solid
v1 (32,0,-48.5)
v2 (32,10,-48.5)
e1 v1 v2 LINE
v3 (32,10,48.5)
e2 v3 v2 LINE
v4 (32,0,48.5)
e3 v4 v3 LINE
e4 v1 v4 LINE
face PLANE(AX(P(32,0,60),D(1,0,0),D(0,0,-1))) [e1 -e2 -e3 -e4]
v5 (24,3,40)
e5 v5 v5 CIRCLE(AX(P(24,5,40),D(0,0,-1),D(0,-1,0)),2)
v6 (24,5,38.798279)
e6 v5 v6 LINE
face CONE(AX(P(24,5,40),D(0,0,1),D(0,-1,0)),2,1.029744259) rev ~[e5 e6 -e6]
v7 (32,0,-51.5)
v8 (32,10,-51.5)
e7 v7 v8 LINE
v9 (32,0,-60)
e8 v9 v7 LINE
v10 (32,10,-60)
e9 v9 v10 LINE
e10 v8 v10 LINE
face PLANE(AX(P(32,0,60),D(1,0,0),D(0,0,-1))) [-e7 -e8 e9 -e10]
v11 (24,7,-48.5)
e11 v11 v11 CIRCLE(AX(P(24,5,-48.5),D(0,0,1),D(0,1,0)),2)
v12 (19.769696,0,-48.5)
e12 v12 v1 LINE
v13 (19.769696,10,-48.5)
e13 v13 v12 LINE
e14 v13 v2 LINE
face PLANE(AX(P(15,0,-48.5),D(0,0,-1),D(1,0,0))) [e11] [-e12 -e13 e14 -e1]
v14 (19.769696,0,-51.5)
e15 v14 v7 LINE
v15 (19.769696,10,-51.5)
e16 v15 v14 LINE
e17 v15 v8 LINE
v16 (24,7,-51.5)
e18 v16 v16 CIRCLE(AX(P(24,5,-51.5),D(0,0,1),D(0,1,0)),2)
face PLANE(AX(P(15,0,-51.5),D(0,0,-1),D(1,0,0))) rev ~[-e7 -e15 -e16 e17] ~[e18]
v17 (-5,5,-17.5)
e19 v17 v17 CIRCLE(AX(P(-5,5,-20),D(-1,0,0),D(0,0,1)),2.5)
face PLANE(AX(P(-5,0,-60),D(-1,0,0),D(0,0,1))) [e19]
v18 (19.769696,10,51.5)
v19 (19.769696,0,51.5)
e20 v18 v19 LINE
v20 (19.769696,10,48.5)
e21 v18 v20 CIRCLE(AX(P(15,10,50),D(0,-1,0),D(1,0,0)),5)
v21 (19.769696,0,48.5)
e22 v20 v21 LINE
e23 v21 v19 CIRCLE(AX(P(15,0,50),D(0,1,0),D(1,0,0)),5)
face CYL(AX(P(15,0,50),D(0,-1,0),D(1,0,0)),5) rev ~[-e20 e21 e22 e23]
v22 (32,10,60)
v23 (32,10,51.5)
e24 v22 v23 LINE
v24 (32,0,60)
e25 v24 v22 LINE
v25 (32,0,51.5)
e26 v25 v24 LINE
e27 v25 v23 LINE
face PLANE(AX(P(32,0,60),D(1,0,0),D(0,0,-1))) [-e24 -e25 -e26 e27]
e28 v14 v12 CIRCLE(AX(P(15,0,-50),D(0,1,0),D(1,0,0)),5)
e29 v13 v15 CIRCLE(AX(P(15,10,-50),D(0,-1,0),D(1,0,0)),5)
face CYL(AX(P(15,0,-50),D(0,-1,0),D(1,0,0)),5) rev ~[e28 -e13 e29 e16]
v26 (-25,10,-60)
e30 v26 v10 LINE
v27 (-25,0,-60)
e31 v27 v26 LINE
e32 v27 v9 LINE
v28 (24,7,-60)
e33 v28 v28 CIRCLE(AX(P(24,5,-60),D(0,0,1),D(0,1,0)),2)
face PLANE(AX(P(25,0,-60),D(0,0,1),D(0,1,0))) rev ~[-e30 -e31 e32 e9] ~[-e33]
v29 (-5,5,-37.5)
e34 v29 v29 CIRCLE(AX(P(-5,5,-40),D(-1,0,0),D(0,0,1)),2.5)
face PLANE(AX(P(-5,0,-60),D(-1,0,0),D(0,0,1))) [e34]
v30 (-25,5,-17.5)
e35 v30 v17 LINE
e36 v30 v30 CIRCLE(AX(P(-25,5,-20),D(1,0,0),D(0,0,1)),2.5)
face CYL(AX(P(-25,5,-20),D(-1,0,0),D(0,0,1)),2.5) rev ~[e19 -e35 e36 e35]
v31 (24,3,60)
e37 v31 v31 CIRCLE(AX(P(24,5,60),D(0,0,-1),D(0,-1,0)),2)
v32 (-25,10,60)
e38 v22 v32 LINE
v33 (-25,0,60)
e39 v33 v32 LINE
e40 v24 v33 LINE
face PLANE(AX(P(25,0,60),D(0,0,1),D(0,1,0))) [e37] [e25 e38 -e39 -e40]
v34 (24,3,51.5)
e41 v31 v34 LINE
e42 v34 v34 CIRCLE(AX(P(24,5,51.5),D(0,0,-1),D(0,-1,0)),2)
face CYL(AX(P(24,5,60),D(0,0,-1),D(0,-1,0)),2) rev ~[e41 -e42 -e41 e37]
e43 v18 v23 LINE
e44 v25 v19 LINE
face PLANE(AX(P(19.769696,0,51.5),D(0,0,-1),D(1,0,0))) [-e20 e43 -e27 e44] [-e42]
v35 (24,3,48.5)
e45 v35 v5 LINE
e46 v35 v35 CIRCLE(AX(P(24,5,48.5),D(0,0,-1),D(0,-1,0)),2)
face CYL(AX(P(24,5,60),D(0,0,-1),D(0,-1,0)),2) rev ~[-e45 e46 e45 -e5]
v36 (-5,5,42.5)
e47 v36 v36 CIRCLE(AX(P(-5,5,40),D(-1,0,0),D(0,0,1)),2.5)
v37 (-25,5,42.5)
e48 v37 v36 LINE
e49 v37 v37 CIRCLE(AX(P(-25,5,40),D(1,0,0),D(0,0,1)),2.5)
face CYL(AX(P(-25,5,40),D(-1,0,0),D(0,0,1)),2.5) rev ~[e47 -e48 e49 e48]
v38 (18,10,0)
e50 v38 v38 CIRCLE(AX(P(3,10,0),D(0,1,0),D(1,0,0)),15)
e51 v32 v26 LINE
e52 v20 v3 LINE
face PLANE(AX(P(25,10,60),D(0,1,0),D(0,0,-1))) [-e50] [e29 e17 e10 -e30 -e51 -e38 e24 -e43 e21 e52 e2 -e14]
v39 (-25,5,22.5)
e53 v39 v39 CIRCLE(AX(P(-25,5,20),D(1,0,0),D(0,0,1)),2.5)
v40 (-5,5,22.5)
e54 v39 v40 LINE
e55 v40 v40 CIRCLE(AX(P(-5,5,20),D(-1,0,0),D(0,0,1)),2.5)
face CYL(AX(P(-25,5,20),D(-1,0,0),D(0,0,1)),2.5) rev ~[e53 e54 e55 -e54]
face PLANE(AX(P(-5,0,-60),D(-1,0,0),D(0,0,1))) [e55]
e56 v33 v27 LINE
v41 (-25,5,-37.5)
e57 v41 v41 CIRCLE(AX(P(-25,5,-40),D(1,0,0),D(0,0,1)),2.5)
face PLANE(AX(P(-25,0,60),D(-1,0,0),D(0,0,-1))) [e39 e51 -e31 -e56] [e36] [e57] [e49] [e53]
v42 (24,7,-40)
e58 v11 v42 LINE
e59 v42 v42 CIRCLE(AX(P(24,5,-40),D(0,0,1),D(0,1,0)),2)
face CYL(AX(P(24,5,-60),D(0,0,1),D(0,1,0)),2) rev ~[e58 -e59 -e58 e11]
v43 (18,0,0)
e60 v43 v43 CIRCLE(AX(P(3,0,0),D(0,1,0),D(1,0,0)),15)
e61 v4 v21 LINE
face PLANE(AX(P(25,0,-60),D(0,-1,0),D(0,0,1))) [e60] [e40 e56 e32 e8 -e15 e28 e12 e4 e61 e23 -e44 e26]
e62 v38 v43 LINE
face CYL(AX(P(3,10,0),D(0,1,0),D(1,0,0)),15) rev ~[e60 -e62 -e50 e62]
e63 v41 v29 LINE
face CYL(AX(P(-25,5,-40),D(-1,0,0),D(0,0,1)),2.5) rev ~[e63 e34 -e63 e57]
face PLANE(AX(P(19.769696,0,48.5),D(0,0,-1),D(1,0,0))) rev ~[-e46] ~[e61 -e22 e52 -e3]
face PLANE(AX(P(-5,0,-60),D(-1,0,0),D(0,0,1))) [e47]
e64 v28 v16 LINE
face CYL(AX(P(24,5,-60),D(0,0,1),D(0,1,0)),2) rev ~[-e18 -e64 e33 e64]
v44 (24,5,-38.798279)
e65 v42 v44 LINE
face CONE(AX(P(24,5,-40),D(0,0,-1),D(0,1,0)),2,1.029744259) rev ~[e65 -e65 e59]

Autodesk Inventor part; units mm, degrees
ref_plane "YZ Plane" through (0, 0, 0) normal (1, 0, 0) x (0, 1, 0)
ref_plane "XZ Plane" through (0, 0, 0) normal (0, 1, 0) x (-1, 0, 0)
ref_plane "XY Plane" through (0, 0, 0) normal (0, 0, 1) x (1, 0, 0)
sketch "Szkic10" plane through (0, 0, 0) normal (0, 1, 0) x (-1, 0, 0)
  line L0 (-25, 60) -> (25, 60)
  line L1 (25, 60) -> (25, -60)
  line L2 (25, -60) -> (-25, -60)
  line L3 (-25, -60) -> (-25, 60)
  line L4 (-25, 60) -> (25, -60) construction
  line L5 (25, 60) -> (-25, -60) construction
  point P0 (0, 0)
  dimension "d75" = 50
  dimension "d76" = 120
extrude "Wyciągnięcie proste6" add sketch "Szkic10" along normal blind 10
sketch "Szkic11" plane through (-25, 0, -60) normal (-1, 0, 0) x (0, 0, 1)
  line L0 (120, 0) -> (0, 0) projected
  line L1 (120, 0) -> (120, 10) projected
  line L2 (0, 10) -> (120, 10) projected
  line L3 (0, 0) -> (0, 10) projected
  line L4 (0, 0) -> (120, 0) projected
  line L5 (0, 0) -> (0, 5)
  line L6 (0, 5) -> (120, 5)
  line L7 (0, 5) -> (20, 5)
  line L8 (20, 5) -> (40, 5)
  line L9 (40, 5) -> (80, 5)
  line L10 (80, 5) -> (100, 5)
  circle A0 centre (20, 5) radius 2.5
  circle A1 centre (40, 5) radius 2.5
  circle A2 centre (80, 5) radius 2.5
  circle A3 centre (100, 5) radius 2.5
  point P0 (60, 0)
  dimension "d79" = 5
  dimension "d80" = 20
  dimension "d81" = 20
  dimension "d84" = 5
  dimension "d85" = 5
  dimension "d86" = 5
  dimension "d87" = 5
  dimension "d105" = 20
  dimension "d106" = 20
extrude "Wyciągnięcie proste7" cut sketch "Szkic11" against normal blind 20 contours A3 L6 | L6 A3 | A0 L6 | L6 A0 | A2 L6 | L6 A2 | A1 L6 | L6 A1
sketch "Szkic12" plane through (0, 10, 0) normal (0, 1, 0) x (1, 0, 0)
  line L0 (25, -60) -> (25, 60) projected
  line L1 (25, 0) -> (3, 0)
  circle A0 centre (3, 0) radius 15
  point P0 (0, 0)
  dimension "d102" = 22
  dimension "d103" = 30
extrude "Wyciągnięcie proste8" cut sketch "Szkic12" against normal up to next
sketch "Szkic13" plane through (0, 0, 0) normal (0, -1, 0) x (1, 0, 0)
  line L0 (25, 60) -> (-25, 60) projected
  line L1 (-25, 60) -> (-25, -60) projected
  line L2 (-25, -60) -> (25, -60) projected
  line L3 (25, -60) -> (25, 60) projected
  line L4 (25, 60) -> (25, 50)
  line L5 (25, -60) -> (25, 60) projected
  line L6 (25, 50) -> (-25, 50)
  line L7 (25, -60) -> (25, -50)
  line L8 (25, -50) -> (-25, -50)
  line L9 (25, 50) -> (15, 50)
  line L10 (25, -50) -> (15, -50)
  circle A0 centre (15, 50) radius 5
  circle A1 centre (15, -50) radius 5
  point P0 (0, 0)
  dimension "d93" = 10
  dimension "d94" = 10
  dimension "d95" = 10
  dimension "d96" = 10
  dimension "d97" = 10
  dimension "d98" = 10
extrude "Wyciągnięcie proste9" cut sketch "Szkic13" against normal blind 3 contours A0 L6 | L6 A0 | A1 L8 | L8 A1
sketch "Szkic14" plane through (15, 3, -50) normal (0, -1, 0) x (1, 0, 0)
  circle A0 centre (0, 0) radius 5 projected
  circle A1 centre (0, 100) radius 5 projected
  point P0 (-15, 50)
extrude "Wyciągnięcie proste10" cut sketch "Szkic14" against normal blind 10
sketch "Szkic15" plane through (25, 0, 60) normal (1, 0, 0) x (0, 0, -1)
  line L0 (120, 0) -> (0, 0) projected
  line L1 (120, 0) -> (120, 10) projected
  line L2 (0, 10) -> (120, 10) projected
  line L3 (0, 0) -> (0, 10) projected
  point P0 (60, 0)
extrude "Wyciągnięcie proste11" add sketch "Szkic15" along normal blind 7
sketch "Szkic16" plane through (-25, 0, 60) normal (0, 0, 1) x (1, 0, 0)
  line L0 (57, 0) -> (0, 0) projected
  line L1 (57, 10) -> (57, 0) projected
  line L2 (0, 10) -> (57, 10) projected
  line L3 (0, 0) -> (0, 10) projected
  line L4 (35, 10) -> (45, 10) projected
  line L5 (45, 0) -> (35, 0) projected
  line L6 (53, 0) -> (45, 0)
  line L7 (57, 0) -> (0, 0) projected
  line L8 (45, 0) -> (45, 10)
  line L9 (0, 10) -> (57, 10) projected
  line L10 (57, 10) -> (57, 0) projected
  line L11 (53, 5) -> (45, 5)
  line L12 (45, 5) -> (49, 5)
  circle A0 centre (49, 5) radius 2
  line L13 (49, 5) -> (53, 5)
  line L14 (53, 5) -> (53, 10)
  line L15 (53, 5) -> (53, 0)
  point P0 (25, 0)
  dimension "d113" = 4
  dimension "d114" = 4
  dimension "d115" = 5
  dimension "d116" = 45
  dimension "d117" = 4
sketch "Szkic17" plane through (-25, 0, -60) normal (0, 0, -1) x (-1, 0, 0)
  line L0 (-53, 10) -> (0, 10)
  line L1 (-53, 0) -> (-53, 10)
  line L2 (0, 0) -> (-53, 0)
  line L3 (0, 10) -> (0, 0)
  line L4 (-35, 0) -> (-45, 0)
  line L5 (-45, 10) -> (-35, 10)
  line L6 (-53, 10) -> (-45, 10)
  line L7 (-53, 10) -> (0, 10)
  line L8 (-45, 10) -> (-45, 0)
  line L9 (0, 0) -> (-53, 0)
  line L10 (-53, 0) -> (-53, 10)
  line L11 (-53, 5) -> (-45, 5)
  line L12 (-45, 5) -> (-49, 5)
  circle A0 centre (-49, 5) radius 2
  line L13 (-49, 5) -> (-53, 5)
  line L14 (-53, 5) -> (-53, 0)
  line L15 (-53, 5) -> (-53, 10)
  line L16 (0, 0) -> (-57, 0) projected
  line L17 (0, 0) -> (0, 10) projected
  point P0 (-25, 0)
  point P1 (-25, 10)
  dimension "d119" = 4
  dimension "d120" = 4
  dimension "d121" = 5
  dimension "d122" = 45
  dimension "d123" = 4
hole "Otwór4" at (24, 5, -60) direction (0, 0, 1) diameter 4 depth 20 tip angle 118
hole "Otwór5" at (24, 5, 60) direction (0, 0, -1) diameter 4 depth 20 tip angle 118
sketch "Szkic18" plane through (0, 0, 0) normal (0, -1, 0) x (1, 0, 0)
  circle A0 centre (15, -50) radius 5 projected
  circle A1 centre (15, 50) radius 5 projected
  circle A2 centre (3, 0) radius 15 projected
  line L0 (32, 60) -> (-25, 60) projected
  line L1 (-25, 60) -> (-25, -60) projected
  line L2 (-25, -60) -> (32, -60) projected
  line L3 (32, 60) -> (32, -60) projected
  line L4 (15, -50) -> (32, -50)
  line L5 (15, 50) -> (32, 50)
  line L6 (32, -60) -> (32, 60) projected
  line L7 (15, 50) -> (15, 51.5)
  line L8 (15, 51.5) -> (32, 51.5)
  line L9 (15, 50) -> (15, 48.5)
  line L10 (15, 48.5) -> (32, 48.5)
  line L11 (15, -50) -> (15, -48.5)
  line L12 (15, -48.5) -> (32, -48.5)
  line L13 (15, -50) -> (15, -51.5)
  line L14 (15, -51.5) -> (32, -51.5)
  point P0 (0, 0)
  dimension "d138" = 1.5
  dimension "d139" = 1.5
  dimension "d140" = 1.5
  dimension "d141" = 1.5
extrude "Wyciągnięcie proste12" cut sketch "Szkic18" against normal up to next contours L4 L11 L12 A0 | L4 L3 L14 A0 | A0 L14 L13 L4 | A0 L12 L3 L4 | L10 A1 L5 L3 | L5 A1 L8 L3 | L10 L9 L5 A1 | L5 L7 L8 A1
thread "Gwint9" size "M5x0.8" class "6H" standard "ANSI Metric M Profile" full length
thread "Gwint10" size "M5x0.8" class "6H" standard "ANSI Metric M Profile" full length
thread "Gwint11" size "M5x0.8" class "6H" standard "ANSI Metric M Profile" full length
thread "Gwint12" size "M5x0.8" class "6H" standard "ANSI Metric M Profile" full length
properties part number "Podstawa dolna osi Z"
